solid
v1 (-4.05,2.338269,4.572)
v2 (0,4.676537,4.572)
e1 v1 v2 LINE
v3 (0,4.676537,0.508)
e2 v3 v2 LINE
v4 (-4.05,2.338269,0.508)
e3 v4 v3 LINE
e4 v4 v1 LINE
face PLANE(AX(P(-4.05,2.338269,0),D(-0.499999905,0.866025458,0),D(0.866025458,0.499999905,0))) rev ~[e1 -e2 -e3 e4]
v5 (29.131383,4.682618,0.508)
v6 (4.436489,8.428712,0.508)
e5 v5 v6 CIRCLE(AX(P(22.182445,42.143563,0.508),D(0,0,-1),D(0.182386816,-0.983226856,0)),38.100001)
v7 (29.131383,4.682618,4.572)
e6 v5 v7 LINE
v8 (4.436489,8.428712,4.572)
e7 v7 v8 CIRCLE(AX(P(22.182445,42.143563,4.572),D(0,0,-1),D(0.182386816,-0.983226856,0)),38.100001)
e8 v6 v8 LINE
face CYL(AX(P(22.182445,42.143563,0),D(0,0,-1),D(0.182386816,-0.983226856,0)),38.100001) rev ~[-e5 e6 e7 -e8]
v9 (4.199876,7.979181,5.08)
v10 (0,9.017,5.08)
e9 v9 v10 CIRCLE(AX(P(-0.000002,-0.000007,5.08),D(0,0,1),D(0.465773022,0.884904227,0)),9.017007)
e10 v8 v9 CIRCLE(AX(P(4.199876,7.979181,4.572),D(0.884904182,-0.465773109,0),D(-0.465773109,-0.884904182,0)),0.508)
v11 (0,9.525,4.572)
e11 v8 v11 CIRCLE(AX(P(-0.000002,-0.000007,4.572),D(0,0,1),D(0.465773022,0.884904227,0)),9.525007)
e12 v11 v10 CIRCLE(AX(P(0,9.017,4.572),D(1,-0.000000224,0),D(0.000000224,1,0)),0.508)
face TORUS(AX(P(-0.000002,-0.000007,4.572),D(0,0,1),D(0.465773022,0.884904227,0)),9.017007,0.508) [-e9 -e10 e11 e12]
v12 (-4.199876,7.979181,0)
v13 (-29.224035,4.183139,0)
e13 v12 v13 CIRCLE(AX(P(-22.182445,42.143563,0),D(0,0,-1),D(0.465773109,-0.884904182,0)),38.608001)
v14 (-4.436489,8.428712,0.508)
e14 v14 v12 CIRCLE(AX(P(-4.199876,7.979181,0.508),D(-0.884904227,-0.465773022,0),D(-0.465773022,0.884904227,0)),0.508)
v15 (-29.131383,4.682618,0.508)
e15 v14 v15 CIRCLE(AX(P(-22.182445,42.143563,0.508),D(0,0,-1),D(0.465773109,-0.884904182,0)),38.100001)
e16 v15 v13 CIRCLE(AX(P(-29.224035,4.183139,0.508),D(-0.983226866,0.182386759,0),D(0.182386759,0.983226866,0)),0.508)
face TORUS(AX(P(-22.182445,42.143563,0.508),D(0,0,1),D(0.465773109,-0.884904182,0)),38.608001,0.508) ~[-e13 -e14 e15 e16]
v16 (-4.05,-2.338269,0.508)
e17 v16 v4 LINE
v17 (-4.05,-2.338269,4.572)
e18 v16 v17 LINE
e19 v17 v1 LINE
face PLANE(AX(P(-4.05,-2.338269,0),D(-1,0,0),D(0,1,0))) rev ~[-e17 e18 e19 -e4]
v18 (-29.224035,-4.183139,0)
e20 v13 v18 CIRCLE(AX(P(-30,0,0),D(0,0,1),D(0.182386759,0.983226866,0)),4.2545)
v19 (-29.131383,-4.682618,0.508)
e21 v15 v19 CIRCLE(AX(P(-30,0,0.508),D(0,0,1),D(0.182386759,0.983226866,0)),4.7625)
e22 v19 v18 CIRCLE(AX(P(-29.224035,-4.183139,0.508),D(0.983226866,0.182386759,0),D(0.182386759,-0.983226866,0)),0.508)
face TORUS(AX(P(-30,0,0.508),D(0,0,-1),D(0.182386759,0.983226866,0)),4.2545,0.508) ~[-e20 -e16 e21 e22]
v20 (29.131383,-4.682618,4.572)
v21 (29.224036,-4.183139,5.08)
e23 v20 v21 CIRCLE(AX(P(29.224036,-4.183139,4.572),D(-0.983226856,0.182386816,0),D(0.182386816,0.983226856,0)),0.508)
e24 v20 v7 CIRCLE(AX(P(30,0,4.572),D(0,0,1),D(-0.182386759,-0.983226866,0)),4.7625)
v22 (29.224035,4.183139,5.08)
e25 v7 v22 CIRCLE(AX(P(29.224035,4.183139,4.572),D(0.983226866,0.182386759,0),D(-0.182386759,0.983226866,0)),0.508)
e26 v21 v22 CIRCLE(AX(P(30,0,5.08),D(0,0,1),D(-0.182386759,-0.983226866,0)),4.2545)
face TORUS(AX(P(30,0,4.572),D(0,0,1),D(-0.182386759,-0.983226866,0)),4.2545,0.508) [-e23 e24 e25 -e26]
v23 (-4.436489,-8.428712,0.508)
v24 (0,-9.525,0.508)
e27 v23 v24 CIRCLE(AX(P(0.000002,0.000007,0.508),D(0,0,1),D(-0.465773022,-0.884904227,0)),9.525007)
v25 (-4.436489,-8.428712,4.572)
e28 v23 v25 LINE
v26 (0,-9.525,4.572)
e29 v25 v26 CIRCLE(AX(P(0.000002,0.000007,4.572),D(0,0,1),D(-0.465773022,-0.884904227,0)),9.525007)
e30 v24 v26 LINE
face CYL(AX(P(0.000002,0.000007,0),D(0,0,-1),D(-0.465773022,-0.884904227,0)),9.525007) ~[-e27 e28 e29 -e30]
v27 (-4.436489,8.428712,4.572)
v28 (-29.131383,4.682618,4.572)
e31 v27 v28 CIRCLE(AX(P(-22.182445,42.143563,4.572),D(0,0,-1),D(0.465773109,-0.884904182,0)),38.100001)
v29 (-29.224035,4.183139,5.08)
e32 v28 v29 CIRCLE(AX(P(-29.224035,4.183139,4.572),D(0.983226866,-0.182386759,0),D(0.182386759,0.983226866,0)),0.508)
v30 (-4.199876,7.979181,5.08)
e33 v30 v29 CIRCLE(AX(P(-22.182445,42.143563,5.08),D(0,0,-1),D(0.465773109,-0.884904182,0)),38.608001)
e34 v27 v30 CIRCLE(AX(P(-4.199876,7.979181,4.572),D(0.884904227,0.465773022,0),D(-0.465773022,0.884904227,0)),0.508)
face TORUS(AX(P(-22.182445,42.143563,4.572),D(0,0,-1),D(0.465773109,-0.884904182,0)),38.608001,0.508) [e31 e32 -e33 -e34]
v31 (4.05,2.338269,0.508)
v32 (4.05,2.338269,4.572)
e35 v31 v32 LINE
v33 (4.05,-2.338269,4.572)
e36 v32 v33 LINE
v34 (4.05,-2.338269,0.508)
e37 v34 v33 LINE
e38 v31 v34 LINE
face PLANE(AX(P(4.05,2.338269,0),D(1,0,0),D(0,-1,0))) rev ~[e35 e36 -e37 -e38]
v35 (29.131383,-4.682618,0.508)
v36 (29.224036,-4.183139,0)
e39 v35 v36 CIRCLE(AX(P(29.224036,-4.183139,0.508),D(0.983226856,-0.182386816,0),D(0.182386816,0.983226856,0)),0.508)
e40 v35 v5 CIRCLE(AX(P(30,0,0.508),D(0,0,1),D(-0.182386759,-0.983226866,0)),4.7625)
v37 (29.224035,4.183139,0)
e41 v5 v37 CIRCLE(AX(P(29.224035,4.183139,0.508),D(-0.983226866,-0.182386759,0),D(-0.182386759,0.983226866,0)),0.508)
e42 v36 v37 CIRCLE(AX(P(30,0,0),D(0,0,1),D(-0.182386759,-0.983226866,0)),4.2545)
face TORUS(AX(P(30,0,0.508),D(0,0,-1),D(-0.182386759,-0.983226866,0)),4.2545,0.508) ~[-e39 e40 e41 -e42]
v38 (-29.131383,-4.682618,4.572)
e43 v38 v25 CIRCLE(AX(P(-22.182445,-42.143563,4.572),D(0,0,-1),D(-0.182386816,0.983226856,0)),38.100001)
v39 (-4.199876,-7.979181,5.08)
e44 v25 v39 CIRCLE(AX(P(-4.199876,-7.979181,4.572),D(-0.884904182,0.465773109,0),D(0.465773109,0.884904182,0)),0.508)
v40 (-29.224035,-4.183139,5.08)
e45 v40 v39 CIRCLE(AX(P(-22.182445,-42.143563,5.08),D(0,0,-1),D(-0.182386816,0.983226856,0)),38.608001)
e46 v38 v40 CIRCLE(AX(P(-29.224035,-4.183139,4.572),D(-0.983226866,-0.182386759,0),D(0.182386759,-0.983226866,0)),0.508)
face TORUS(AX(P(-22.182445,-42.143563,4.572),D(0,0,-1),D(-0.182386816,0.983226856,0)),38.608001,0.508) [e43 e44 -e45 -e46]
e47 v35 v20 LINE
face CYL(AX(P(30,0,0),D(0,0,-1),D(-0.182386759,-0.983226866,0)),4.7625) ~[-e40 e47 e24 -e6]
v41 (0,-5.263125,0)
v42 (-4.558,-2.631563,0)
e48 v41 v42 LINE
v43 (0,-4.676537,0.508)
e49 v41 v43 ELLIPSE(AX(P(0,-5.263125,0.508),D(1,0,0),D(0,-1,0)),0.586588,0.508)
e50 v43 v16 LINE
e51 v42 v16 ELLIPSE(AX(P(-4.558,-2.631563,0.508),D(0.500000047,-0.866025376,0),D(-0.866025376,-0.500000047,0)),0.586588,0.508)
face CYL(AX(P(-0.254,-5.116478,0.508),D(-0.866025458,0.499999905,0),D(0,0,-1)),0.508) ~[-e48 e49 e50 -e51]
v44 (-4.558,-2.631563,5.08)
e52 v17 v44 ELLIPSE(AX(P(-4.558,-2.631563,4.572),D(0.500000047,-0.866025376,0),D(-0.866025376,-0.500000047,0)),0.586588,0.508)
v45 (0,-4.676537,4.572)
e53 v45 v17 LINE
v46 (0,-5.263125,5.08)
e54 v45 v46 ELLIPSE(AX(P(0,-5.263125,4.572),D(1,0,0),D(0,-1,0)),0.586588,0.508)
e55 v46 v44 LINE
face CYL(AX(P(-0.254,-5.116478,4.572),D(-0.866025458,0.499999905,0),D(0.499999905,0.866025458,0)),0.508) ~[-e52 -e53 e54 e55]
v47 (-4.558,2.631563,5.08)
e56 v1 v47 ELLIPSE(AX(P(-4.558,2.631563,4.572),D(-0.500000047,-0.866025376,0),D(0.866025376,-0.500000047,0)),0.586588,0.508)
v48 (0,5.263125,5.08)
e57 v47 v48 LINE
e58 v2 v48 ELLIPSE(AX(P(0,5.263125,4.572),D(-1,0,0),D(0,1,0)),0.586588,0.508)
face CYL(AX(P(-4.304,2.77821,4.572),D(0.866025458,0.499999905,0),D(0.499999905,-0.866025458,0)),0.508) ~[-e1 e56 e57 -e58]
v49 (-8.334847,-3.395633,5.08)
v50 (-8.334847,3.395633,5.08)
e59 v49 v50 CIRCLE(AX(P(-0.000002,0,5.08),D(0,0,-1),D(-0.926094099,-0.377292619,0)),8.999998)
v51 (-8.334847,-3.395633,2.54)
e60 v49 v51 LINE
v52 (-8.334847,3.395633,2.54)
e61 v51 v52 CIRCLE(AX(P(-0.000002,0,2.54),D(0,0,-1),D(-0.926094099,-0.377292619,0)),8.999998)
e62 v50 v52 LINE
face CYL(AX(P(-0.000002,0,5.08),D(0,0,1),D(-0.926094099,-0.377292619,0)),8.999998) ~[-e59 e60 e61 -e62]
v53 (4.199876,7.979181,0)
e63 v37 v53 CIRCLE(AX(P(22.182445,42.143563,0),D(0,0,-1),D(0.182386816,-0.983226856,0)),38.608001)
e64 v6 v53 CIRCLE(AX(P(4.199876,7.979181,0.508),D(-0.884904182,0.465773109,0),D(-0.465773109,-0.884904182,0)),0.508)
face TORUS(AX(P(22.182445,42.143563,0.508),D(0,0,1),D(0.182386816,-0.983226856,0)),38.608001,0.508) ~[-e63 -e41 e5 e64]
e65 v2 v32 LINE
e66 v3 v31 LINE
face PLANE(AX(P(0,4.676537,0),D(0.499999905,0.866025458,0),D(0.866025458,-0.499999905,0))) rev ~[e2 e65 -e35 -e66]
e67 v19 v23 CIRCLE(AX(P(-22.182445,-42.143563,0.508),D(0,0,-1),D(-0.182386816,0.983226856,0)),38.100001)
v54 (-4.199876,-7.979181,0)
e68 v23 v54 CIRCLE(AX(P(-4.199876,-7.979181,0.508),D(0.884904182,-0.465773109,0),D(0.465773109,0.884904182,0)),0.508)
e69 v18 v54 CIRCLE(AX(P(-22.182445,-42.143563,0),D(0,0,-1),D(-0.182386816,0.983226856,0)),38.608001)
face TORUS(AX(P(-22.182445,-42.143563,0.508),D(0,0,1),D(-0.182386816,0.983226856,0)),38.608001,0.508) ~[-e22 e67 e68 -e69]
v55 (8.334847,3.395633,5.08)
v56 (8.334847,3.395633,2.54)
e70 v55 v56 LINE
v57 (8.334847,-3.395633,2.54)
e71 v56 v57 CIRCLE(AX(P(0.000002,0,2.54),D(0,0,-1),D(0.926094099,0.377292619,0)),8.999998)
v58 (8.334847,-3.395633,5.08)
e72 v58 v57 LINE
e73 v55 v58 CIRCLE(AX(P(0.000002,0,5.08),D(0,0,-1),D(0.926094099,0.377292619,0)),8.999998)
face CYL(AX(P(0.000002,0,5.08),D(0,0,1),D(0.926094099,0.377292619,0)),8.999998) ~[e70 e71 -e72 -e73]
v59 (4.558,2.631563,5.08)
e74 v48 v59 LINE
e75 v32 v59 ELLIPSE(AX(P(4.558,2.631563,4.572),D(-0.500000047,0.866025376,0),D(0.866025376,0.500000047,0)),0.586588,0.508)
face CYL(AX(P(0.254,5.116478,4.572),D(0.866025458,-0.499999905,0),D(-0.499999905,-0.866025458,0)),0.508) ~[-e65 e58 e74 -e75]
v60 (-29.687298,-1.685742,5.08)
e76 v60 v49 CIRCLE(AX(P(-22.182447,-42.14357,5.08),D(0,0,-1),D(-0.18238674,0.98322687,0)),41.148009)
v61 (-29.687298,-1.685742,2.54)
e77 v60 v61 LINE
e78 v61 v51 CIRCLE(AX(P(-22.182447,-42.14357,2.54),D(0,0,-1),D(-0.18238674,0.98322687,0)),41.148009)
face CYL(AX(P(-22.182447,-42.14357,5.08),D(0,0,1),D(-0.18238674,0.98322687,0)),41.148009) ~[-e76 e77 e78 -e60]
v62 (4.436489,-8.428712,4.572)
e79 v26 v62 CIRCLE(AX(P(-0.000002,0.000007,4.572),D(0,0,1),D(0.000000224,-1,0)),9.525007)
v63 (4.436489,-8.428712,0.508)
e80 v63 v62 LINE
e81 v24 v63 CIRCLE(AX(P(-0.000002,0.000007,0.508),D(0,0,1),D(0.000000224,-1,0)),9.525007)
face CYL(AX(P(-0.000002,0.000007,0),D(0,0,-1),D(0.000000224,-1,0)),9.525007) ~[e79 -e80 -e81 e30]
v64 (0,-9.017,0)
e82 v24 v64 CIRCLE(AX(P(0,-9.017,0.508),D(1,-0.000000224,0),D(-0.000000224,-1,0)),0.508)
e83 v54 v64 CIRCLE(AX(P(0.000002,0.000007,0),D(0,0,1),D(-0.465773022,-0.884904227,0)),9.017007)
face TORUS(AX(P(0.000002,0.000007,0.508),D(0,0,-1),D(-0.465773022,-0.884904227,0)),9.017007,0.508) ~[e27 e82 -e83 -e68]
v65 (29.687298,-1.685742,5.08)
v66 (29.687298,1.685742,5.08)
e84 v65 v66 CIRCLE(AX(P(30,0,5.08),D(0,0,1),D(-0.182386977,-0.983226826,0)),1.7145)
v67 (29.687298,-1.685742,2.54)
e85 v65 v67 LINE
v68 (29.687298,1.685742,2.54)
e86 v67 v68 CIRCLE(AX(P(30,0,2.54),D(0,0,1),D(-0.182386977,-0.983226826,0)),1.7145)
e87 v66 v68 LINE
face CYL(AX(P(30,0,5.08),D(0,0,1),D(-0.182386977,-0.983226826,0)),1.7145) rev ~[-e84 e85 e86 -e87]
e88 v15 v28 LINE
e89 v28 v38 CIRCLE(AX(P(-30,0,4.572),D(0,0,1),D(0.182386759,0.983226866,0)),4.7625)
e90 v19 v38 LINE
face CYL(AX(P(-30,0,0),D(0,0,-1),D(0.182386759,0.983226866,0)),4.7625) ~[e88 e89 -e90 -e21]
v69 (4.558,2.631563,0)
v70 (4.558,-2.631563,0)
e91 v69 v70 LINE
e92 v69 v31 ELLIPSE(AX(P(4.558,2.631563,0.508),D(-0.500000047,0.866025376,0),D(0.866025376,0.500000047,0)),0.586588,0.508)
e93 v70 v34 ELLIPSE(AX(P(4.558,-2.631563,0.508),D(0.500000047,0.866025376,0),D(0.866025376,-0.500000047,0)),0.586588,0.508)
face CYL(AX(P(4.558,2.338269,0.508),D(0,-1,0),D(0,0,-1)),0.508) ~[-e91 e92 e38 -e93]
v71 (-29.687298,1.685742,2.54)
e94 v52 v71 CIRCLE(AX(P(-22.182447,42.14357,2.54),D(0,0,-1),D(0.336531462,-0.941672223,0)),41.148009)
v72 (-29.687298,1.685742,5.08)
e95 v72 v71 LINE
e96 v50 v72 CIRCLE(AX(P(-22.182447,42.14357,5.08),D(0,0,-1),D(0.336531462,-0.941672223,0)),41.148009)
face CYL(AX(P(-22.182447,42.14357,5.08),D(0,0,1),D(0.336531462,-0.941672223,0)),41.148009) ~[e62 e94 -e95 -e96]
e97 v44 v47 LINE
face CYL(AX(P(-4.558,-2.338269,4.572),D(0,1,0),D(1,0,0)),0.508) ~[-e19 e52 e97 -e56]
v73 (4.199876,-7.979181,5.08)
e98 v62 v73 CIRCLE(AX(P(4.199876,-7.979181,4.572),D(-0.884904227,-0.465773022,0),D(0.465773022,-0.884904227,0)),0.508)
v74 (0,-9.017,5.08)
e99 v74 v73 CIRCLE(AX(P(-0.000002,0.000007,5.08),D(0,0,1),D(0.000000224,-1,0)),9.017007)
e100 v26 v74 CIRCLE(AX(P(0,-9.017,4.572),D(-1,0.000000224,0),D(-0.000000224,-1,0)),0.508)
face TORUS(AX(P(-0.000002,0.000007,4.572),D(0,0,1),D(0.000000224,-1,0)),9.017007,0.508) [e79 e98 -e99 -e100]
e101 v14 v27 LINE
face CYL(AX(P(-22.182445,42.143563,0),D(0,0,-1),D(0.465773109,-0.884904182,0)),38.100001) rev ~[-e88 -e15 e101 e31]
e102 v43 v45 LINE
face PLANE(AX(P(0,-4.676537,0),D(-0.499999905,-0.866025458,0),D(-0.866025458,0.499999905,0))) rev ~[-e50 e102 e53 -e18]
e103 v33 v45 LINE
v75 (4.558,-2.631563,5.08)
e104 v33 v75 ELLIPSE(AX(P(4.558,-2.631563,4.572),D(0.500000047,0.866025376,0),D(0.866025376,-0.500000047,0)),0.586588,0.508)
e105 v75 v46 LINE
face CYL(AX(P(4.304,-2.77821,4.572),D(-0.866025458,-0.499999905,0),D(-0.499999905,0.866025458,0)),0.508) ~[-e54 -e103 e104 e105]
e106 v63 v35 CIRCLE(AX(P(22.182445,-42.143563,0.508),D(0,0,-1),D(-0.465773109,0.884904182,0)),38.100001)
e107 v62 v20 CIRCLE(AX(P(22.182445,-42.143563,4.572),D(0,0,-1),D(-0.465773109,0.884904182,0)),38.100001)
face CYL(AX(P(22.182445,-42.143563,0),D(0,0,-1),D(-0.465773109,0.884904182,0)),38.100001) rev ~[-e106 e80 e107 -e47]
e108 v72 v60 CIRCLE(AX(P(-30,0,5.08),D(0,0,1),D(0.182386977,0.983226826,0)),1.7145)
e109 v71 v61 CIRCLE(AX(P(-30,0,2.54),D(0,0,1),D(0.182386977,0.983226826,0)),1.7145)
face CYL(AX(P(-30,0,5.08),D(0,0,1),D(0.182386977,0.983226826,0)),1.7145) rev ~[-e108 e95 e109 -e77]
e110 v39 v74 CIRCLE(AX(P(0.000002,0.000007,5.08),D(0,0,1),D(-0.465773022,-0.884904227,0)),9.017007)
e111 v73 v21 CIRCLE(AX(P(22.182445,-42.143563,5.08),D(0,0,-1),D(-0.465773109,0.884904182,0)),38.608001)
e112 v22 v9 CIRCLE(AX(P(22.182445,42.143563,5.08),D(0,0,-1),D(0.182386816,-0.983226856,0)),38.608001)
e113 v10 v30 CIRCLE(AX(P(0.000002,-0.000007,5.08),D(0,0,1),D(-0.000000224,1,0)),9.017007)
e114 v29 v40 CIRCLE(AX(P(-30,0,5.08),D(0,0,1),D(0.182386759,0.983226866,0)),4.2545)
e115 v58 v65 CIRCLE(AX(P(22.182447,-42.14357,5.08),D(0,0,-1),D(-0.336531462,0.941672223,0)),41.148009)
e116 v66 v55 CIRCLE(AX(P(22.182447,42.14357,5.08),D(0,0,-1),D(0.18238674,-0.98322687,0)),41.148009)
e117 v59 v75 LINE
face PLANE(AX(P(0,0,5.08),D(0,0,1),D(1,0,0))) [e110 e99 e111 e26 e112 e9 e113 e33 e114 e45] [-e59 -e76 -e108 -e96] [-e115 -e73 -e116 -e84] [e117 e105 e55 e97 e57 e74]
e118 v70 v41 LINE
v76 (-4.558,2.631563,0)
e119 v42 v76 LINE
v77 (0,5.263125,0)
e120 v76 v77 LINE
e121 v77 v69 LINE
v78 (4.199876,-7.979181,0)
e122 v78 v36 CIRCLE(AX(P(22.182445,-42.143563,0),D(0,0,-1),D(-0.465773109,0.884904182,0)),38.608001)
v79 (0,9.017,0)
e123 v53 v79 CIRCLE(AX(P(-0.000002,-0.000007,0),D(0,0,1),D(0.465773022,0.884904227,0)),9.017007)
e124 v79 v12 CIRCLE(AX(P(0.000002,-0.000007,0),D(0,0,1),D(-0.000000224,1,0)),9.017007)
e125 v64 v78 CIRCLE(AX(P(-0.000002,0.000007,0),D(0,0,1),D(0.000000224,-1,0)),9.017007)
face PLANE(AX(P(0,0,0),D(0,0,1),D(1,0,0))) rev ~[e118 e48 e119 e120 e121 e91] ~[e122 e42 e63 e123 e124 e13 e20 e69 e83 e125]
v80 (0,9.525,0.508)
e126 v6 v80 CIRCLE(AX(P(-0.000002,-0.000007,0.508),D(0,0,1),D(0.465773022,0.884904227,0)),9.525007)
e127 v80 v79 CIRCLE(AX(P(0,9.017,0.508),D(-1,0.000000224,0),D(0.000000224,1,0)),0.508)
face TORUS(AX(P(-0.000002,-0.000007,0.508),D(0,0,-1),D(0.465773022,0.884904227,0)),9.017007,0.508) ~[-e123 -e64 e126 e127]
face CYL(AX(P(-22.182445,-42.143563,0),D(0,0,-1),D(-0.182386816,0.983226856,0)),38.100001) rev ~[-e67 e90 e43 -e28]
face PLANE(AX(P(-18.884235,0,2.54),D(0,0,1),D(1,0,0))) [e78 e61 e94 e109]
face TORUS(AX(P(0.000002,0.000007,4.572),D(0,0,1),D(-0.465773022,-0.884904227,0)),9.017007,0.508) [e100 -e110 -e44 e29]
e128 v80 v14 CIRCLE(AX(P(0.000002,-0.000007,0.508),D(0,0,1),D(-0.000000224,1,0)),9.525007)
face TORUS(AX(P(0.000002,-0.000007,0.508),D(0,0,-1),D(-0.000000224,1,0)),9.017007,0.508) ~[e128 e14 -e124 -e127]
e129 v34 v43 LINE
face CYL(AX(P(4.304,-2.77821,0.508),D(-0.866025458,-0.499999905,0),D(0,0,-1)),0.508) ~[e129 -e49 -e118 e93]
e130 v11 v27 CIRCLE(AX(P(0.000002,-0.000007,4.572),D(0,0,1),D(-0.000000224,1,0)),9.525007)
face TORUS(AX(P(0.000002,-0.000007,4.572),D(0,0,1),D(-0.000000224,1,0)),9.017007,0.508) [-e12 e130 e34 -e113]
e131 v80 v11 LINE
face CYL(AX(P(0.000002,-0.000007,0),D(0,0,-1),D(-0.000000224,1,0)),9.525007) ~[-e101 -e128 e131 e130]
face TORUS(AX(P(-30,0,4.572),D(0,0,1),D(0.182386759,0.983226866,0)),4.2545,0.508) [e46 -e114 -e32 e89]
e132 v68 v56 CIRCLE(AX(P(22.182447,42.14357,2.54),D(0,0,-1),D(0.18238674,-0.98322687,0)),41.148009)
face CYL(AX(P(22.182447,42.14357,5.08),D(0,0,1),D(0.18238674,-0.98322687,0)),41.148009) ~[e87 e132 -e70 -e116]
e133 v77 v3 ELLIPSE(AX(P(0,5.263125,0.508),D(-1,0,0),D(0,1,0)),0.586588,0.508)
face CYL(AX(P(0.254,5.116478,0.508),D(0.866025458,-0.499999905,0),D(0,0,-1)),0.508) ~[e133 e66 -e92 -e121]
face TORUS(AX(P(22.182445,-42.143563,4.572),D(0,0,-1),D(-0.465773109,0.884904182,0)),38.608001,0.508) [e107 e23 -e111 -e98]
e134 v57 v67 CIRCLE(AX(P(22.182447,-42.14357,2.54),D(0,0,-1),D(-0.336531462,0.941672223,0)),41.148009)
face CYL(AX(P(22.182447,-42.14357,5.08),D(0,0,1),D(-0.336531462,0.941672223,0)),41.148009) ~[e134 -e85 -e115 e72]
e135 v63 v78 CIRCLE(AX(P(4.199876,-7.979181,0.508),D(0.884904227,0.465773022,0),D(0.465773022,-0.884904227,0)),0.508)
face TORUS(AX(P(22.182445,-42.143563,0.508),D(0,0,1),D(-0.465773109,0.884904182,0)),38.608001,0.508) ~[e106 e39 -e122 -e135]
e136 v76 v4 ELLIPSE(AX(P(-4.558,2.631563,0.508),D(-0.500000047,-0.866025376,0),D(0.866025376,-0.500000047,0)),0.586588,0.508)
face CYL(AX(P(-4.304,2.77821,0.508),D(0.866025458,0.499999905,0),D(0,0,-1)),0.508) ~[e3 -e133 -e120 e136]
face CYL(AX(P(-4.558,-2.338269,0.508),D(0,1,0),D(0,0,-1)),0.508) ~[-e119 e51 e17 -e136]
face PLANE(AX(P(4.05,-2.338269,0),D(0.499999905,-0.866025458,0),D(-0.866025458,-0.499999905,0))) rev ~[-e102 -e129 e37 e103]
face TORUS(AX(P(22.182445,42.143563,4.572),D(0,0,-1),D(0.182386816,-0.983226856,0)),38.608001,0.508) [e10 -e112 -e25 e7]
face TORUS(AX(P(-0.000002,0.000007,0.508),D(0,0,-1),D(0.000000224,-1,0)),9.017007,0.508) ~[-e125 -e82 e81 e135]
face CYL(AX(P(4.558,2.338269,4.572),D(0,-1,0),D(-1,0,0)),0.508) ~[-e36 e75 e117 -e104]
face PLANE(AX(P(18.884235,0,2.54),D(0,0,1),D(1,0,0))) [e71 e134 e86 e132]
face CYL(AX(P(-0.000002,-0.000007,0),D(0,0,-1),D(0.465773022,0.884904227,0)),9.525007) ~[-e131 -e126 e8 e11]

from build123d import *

# Parameters (mm, degrees)
F1_DEPTH = 5.08
F2_R     = 0.508
F3_R     = 0.508
F5_DEPTH = 2.54


with BuildPart() as f1:
    # F0 (on Top) → F1 (new body)
    with BuildSketch(Plane.XY):
        with BuildLine():
            ThreePointArc((-29.131383, -4.682618), (-16.468234, -4.474505), (-4.436489, -8.428712))
            ThreePointArc((-4.436489, -8.428712), (-2.284966, -9.246867), (0, -9.525))
            ThreePointArc((0, -9.525), (2.284966, -9.246867), (4.436489, -8.428712))
            ThreePointArc((4.436489, -8.428712), (16.468234, -4.474505), (29.131383, -4.682618))
            ThreePointArc((29.131383, -4.682618), (34.7625, 0), (29.131383, 4.682618))
            ThreePointArc((29.131383, 4.682618), (16.468234, 4.474505), (4.436489, 8.428712))
            ThreePointArc((4.436489, 8.428712), (2.284966, 9.246867), (0, 9.525))
            ThreePointArc((0, 9.525), (-2.284966, 9.246867), (-4.436489, 8.428712))
            ThreePointArc((-4.436489, 8.428712), (-16.468234, 4.474505), (-29.131383, 4.682618))
            ThreePointArc((-29.131383, 4.682618), (-34.7625, 0), (-29.131383, -4.682618))
        make_face()
        Polygon((-4.05, 2.338269), (0, 4.676537), (4.05, 2.338269), (4.05, -2.338269), (0, -4.676537), (-4.05, -2.338269), align=None, mode=Mode.SUBTRACT)
    extrude(amount=F1_DEPTH)

    # F2
    f2_edges = [f1.edges().sort_by_distance(p)[0] for p in [
        (-34.7625, 0, 5.08),
        (-16.468234, -4.474505, 5.08),
        (0, -9.525, 5.08),
        (16.468234, -4.474505, 5.08),
        (34.7625, 0, 5.08),
        (16.468234, 4.474505, 5.08),
        (0, 9.525, 5.08),
        (-16.468234, 4.474505, 5.08),
        (-2.025, 3.507403, 5.08),
        (2.025, 3.507403, 5.08),
        (4.05, 0, 5.08),
        (2.025, -3.507403, 5.08),
        (-2.025, -3.507403, 5.08),
        (-4.05, 0, 5.08),
    ]]
    fillet(f2_edges, radius=F2_R)

    # F3
    f3_edges = [f1.edges().sort_by_distance(p)[0] for p in [
        (-34.7625, 0, 0),
        (-16.468234, -4.474505, 0),
        (0, -9.525, 0),
        (16.468234, -4.474505, 0),
        (34.7625, 0, 0),
        (16.468234, 4.474505, 0),
        (0, 9.525, 0),
        (-16.468234, 4.474505, 0),
        (-2.025, 3.507403, 0),
        (2.025, 3.507403, 0),
        (4.05, 0, 0),
        (2.025, -3.507403, 0),
        (-2.025, -3.507403, 0),
        (-4.05, 0, 0),
    ]]
    fillet(f3_edges, radius=F3_R)

    # F4 (on face) → F5 (cut)
    with BuildSketch(Plane.XY.offset(5.08)):
        with BuildLine():
            ThreePointArc((29.687298, -1.685742), (31.7145, 0), (29.687298, 1.685742))
            ThreePointArc((29.687298, 1.685742), (18.897854, 1.126865), (8.334847, 3.395633))
            ThreePointArc((8.334847, 3.395633), (9, 0), (8.334847, -3.395633))
            ThreePointArc((8.334847, -3.395633), (18.897854, -1.126865), (29.687298, -1.685742))
        make_face()
        with BuildLine():
            ThreePointArc((-8.334847, -3.395633), (-9, 0), (-8.334847, 3.395633))
            ThreePointArc((-8.334847, 3.395633), (-18.897854, 1.126865), (-29.687298, 1.685742))
            ThreePointArc((-29.687298, 1.685742), (-31.7145, 0), (-29.687298, -1.685742))
            ThreePointArc((-29.687298, -1.685742), (-18.897854, -1.126865), (-8.334847, -3.395633))
        make_face()
    extrude(amount=-F5_DEPTH, mode=Mode.SUBTRACT)


solid = f1.part
